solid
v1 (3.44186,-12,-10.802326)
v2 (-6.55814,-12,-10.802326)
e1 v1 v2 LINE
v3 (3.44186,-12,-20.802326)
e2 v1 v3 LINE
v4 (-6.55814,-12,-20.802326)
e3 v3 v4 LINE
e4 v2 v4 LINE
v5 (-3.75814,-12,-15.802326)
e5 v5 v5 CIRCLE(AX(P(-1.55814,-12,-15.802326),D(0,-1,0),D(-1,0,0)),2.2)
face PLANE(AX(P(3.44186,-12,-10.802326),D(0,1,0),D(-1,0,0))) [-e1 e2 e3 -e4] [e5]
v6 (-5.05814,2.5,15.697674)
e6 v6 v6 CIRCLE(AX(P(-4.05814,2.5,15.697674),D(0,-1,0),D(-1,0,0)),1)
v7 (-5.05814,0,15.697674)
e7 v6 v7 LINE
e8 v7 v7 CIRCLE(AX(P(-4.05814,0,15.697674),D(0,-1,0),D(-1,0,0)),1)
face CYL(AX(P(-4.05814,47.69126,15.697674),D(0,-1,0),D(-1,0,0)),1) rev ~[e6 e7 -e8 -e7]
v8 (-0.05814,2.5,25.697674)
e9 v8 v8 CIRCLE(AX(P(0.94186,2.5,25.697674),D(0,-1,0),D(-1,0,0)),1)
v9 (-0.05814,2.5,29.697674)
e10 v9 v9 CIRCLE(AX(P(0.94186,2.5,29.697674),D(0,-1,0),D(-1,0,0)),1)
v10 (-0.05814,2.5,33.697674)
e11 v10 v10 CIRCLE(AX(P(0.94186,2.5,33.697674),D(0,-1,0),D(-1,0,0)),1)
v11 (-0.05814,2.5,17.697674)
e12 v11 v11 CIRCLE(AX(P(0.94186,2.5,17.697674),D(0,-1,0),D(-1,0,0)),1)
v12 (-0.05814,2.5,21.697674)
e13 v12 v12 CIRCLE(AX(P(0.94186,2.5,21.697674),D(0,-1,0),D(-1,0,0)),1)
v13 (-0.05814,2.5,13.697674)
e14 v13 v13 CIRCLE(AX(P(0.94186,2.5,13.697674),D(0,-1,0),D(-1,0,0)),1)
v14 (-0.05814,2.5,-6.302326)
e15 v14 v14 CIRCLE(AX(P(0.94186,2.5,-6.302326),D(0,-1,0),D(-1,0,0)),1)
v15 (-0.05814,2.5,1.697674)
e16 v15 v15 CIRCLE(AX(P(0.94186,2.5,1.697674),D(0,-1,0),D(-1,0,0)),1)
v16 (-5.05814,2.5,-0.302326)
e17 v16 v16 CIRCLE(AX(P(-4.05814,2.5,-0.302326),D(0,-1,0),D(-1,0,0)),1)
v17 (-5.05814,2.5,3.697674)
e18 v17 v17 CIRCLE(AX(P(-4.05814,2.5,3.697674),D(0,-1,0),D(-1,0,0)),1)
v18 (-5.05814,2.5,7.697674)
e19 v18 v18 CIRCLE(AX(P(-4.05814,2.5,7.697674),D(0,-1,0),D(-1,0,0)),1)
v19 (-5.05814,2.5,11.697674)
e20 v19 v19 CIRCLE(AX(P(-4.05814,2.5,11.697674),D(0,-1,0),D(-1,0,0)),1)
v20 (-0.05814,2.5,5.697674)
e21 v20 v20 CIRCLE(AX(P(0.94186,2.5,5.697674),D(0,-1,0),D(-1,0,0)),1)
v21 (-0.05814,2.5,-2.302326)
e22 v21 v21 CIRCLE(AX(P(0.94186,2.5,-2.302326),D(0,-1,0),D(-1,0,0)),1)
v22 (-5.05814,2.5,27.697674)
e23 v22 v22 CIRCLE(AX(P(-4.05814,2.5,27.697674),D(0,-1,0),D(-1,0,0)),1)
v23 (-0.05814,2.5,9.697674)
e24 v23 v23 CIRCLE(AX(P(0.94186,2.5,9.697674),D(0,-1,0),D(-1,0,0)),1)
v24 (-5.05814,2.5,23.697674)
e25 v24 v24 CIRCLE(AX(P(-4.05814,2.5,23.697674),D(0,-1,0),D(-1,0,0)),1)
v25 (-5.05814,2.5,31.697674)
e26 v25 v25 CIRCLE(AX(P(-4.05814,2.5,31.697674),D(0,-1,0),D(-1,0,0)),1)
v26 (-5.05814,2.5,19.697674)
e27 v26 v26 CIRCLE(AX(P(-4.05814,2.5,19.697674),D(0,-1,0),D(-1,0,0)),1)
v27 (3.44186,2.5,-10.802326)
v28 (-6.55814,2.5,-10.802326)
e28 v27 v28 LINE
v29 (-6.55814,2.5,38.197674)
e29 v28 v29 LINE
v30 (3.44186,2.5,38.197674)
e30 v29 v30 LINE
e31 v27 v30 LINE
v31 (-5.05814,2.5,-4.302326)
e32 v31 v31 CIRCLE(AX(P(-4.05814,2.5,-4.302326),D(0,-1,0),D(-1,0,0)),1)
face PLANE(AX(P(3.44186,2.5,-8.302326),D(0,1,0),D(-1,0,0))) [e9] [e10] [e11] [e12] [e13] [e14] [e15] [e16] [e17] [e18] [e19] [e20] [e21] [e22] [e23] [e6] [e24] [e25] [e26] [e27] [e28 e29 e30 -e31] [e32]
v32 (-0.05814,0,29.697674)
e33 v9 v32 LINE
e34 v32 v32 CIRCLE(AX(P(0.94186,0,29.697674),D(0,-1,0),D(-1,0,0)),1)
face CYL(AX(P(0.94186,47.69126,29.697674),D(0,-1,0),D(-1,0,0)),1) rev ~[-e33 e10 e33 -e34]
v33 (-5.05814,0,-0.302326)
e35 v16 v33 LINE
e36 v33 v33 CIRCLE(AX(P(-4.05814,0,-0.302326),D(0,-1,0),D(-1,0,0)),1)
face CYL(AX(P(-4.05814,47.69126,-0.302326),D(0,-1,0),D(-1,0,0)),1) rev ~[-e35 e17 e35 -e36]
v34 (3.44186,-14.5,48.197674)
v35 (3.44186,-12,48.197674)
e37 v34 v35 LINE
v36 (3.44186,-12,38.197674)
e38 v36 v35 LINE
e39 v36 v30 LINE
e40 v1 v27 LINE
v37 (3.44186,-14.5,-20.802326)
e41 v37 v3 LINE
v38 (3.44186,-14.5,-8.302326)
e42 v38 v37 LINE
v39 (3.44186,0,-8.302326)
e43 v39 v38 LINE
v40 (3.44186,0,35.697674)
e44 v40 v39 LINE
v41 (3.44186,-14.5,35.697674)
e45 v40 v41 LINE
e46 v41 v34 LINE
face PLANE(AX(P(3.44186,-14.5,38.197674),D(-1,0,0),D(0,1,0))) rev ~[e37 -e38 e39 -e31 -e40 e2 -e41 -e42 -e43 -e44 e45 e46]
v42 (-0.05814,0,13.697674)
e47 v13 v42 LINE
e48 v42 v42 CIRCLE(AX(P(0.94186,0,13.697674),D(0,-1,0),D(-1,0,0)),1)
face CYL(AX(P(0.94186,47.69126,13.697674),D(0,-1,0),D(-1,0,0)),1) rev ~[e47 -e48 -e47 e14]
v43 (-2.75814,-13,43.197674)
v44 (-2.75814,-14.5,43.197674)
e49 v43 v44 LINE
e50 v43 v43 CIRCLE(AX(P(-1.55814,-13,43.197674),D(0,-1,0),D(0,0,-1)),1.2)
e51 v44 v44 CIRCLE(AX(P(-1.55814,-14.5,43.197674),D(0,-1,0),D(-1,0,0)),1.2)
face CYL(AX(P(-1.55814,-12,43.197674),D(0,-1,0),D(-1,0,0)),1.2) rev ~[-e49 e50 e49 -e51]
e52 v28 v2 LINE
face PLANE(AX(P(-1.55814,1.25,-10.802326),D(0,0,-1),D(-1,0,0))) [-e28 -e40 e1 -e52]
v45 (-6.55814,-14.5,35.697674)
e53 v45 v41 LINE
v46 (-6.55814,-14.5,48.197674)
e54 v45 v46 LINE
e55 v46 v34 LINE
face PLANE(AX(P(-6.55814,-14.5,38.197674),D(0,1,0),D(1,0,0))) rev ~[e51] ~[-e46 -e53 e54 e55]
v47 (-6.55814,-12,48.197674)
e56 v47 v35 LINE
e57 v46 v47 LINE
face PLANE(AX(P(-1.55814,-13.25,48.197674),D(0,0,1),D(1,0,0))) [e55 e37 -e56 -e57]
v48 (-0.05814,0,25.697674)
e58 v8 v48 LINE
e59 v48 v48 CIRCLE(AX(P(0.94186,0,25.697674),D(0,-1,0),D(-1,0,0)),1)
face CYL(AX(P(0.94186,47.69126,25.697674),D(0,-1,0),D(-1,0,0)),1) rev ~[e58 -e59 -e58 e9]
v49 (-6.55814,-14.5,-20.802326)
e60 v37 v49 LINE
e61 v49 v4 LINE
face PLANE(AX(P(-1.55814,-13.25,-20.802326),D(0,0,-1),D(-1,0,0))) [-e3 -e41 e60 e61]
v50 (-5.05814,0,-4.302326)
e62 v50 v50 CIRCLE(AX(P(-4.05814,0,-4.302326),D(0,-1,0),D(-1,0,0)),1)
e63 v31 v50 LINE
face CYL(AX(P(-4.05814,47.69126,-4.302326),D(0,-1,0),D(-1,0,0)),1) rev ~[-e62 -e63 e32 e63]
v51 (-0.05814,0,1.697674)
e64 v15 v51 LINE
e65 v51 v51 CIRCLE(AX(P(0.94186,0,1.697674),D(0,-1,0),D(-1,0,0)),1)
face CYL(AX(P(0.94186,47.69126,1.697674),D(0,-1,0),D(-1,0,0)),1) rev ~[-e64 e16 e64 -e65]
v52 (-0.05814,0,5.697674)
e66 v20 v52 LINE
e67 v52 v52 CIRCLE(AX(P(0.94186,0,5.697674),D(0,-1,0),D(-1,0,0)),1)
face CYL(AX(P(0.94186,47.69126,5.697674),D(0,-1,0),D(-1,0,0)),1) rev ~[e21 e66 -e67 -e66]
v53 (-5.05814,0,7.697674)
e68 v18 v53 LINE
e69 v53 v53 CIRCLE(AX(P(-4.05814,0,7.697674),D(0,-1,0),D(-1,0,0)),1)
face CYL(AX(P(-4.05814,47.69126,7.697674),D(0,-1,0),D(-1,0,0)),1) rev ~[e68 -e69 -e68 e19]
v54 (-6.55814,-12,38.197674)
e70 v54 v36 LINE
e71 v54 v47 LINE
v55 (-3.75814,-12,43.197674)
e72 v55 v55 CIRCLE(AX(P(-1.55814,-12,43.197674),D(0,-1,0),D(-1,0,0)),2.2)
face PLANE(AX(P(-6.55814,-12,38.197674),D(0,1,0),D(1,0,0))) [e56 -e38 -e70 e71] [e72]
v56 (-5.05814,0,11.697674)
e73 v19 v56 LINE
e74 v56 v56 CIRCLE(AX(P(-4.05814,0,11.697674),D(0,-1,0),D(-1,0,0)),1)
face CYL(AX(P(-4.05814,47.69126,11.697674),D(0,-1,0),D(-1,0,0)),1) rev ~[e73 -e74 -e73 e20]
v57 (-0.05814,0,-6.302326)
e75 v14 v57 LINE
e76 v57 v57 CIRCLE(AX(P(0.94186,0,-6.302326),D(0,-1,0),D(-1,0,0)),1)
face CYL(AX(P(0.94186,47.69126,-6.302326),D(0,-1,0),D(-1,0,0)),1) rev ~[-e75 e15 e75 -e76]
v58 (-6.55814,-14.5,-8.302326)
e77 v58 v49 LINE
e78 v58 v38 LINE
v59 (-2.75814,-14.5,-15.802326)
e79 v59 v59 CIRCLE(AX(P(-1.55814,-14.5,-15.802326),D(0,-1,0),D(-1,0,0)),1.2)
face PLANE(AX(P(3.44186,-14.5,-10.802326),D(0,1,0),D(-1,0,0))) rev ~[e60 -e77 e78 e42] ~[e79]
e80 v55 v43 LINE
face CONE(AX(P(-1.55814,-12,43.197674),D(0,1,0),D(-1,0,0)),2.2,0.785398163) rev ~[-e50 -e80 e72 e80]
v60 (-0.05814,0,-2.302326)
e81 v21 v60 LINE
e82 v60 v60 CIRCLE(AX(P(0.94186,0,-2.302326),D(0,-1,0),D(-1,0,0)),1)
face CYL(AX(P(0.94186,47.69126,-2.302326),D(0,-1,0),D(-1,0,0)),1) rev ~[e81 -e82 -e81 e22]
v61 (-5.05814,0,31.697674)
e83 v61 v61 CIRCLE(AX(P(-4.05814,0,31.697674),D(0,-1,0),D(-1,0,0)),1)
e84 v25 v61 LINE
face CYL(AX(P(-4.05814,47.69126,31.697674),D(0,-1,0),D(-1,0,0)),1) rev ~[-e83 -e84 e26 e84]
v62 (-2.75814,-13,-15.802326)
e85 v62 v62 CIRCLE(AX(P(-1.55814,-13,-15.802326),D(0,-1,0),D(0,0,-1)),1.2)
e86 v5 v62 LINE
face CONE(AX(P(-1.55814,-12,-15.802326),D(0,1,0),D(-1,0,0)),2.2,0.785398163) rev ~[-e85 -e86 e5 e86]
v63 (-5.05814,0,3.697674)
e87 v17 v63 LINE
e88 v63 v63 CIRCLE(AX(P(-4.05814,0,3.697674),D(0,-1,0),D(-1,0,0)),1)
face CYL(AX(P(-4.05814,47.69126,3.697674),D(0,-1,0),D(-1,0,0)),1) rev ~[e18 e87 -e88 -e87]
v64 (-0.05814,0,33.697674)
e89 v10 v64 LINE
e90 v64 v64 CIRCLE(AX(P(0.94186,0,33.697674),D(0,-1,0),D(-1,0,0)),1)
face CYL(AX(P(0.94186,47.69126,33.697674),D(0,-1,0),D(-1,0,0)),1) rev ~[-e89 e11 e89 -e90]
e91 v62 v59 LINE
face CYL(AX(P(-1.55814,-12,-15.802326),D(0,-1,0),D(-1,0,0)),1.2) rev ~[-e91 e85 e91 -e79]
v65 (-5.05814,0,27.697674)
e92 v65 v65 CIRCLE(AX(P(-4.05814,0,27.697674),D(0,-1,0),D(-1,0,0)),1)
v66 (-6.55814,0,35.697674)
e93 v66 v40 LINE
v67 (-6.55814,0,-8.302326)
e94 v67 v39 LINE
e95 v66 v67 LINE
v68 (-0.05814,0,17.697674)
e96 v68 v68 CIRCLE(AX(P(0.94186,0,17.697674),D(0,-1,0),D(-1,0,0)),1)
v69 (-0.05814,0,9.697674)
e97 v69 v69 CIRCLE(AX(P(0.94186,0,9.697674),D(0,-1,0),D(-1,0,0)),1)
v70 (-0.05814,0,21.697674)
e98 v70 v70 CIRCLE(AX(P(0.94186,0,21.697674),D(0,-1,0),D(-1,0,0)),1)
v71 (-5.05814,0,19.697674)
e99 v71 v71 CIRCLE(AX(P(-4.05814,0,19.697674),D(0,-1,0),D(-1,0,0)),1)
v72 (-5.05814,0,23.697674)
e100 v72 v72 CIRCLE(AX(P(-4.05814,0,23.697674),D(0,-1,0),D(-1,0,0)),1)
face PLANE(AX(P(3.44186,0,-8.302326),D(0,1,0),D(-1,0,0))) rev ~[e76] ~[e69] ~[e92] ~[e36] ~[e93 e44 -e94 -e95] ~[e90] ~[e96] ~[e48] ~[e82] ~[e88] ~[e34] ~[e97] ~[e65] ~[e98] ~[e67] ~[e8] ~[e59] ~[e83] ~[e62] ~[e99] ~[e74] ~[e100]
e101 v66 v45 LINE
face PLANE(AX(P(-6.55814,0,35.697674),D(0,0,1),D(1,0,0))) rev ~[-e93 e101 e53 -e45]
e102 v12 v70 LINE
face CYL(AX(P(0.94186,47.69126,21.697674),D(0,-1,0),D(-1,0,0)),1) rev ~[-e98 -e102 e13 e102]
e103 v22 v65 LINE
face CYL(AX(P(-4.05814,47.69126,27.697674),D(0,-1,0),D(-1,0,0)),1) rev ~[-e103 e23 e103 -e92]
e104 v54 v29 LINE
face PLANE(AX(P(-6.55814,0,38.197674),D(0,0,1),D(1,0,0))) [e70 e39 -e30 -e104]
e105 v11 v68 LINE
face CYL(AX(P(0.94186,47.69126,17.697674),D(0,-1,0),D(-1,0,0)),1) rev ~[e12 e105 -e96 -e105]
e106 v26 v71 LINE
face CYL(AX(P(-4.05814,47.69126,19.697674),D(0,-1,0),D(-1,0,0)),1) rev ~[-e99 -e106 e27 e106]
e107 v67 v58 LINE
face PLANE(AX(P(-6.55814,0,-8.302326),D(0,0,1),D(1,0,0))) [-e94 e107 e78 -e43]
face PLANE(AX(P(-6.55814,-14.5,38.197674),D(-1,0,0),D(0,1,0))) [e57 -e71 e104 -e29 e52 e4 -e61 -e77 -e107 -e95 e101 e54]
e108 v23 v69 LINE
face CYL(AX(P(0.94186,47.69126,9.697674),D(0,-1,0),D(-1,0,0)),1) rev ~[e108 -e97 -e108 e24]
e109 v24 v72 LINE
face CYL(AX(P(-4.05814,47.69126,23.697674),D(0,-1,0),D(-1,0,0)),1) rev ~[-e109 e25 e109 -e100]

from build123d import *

# Parameters (mm, degrees)
SKETCH2_W                                       = 10
SKETCH2_H                                       = 44
BOSS_EXTRUDE3_DEPTH                             = 2.5
F_2_0MM_DOWEL_SLOT3_D                           = 2
SKETCH18_W                                      = 10
SKETCH18_H                                      = 2.5
BOSS_EXTRUDE4_DEPTH                             = 2.5
SKETCH19_W                                      = 10
SKETCH19_H                                      = 2.5
BOSS_EXTRUDE5_DEPTH                             = 2.5
SKETCH20_W                                      = 10
SKETCH20_H                                      = 2.5
BOSS_EXTRUDE6_DEPTH                             = 14.5
SKETCH22_W                                      = 10
SKETCH22_H                                      = 2.5
BOSS_EXTRUDE7_DEPTH                             = 10
SKETCH23_W                                      = 10
SKETCH23_H                                      = 2.5
BOSS_EXTRUDE8_DEPTH                             = 10
CSK_FOR_M2_FLAT_HEAD_MACHINE_SCREW1_D           = 2.4
CSK_FOR_M2_FLAT_HEAD_MACHINE_SCREW1_CSINK_D     = 4.4
CSK_FOR_M2_FLAT_HEAD_MACHINE_SCREW1_CSINK_ANGLE = 90
CSK_FOR_M2_FLAT_HEAD_MACHINE_SCREW2_D           = 2.4
CSK_FOR_M2_FLAT_HEAD_MACHINE_SCREW2_CSINK_D     = 4.4
CSK_FOR_M2_FLAT_HEAD_MACHINE_SCREW2_CSINK_ANGLE = 90


with BuildPart() as part:
    # Sketch2 → Boss-Extrude3 (new body)
    with BuildSketch(Plane(origin=(0, 0, 0), x_dir=(1, 0, 0), z_dir=(0, 1, 0))):
        with Locations((-1.558139535, -13.697674419)):
            Rectangle(SKETCH2_W, SKETCH2_H)
    extrude(amount=BOSS_EXTRUDE3_DEPTH)

    # Ø2.0mm Dowel Slot3 (through all)
    with Locations(Plane(origin=(0, 2.5, 0), x_dir=(1, 0, 0), z_dir=(0, 1, 0))):
        with Locations((-4.058139535, 4.302325581), (-4.058139535, 0.302325581), (-4.058139535, -3.697674419), (-4.058139535, -7.697674419), (-4.058139535, -11.697674419), (-4.058139535, -15.697674419), (-4.058139535, -19.697674419), (-4.058139535, -23.697674419), (-4.058139535, -27.697674419), (-4.058139535, -31.697674419), (0.941860465, 2.302325581), (0.941860465, -1.697674419), (0.941860465, -5.697674419), (0.941860465, -9.697674419), (0.941860465, -13.697674419), (0.941860465, -17.697674419), (0.941860465, -21.697674419), (0.941860465, -25.697674419), (0.941860465, -29.697674419), (0.941860465, -33.697674419), (0.941860465, 6.302325581)):
            Hole(F_2_0MM_DOWEL_SLOT3_D / 2)

    # Sketch18 → Boss-Extrude4 (add)
    with BuildSketch(Plane.XY.offset(35.697674419)):
        with Locations((-1.558139535, 1.25)):
            Rectangle(SKETCH18_W, SKETCH18_H)
    extrude(amount=BOSS_EXTRUDE4_DEPTH)

    # Sketch19 → Boss-Extrude5 (add)
    with BuildSketch(Plane(origin=(0, 0, -8.302325581), x_dir=(-1, 0, 0), z_dir=(0, 0, -1))):
        with Locations((1.558139535, 1.25)):
            Rectangle(SKETCH19_W, SKETCH19_H)
    extrude(amount=BOSS_EXTRUDE5_DEPTH)

    # Sketch20 → Boss-Extrude6 (add)
    with BuildSketch(Plane.XZ):
        with Locations((-1.558139535, 36.947674419)):
            Rectangle(SKETCH20_W, SKETCH20_H)
        with Locations((-1.558139535, -9.552325581)):
            Rectangle(SKETCH20_W, SKETCH20_H)
    extrude(amount=BOSS_EXTRUDE6_DEPTH)

    # Sketch22 → Boss-Extrude7 (add)
    with BuildSketch(Plane(origin=(0, 0, -10.802325581), x_dir=(-1, 0, 0), z_dir=(0, 0, -1))):
        with Locations((1.558139535, -13.25)):
            Rectangle(SKETCH22_W, SKETCH22_H)
    extrude(amount=BOSS_EXTRUDE7_DEPTH)

    # Sketch23 → Boss-Extrude8 (add)
    with BuildSketch(Plane.XY.offset(38.197674419)):
        with Locations((-1.558139535, -13.25)):
            Rectangle(SKETCH23_W, SKETCH23_H)
    extrude(amount=BOSS_EXTRUDE8_DEPTH)

    # CSK for M2 Flat Head Machine Screw1 (through all)
    with Locations(Plane(origin=(0, -12, 0), x_dir=(1, 0, 0), z_dir=(0, 1, 0))):
        with Locations((-1.558139535, 15.802325581)):
            CounterSinkHole(CSK_FOR_M2_FLAT_HEAD_MACHINE_SCREW1_D / 2, CSK_FOR_M2_FLAT_HEAD_MACHINE_SCREW1_CSINK_D / 2, counter_sink_angle=CSK_FOR_M2_FLAT_HEAD_MACHINE_SCREW1_CSINK_ANGLE)

    # CSK for M2 Flat Head Machine Screw2 (through all)
    with Locations(Plane(origin=(0, -12, 0), x_dir=(1, 0, 0), z_dir=(0, 1, 0))):
        with Locations((-1.558139535, -43.197674419)):
            CounterSinkHole(CSK_FOR_M2_FLAT_HEAD_MACHINE_SCREW2_D / 2, CSK_FOR_M2_FLAT_HEAD_MACHINE_SCREW2_CSINK_D / 2, counter_sink_angle=CSK_FOR_M2_FLAT_HEAD_MACHINE_SCREW2_CSINK_ANGLE)


solid = part.part
